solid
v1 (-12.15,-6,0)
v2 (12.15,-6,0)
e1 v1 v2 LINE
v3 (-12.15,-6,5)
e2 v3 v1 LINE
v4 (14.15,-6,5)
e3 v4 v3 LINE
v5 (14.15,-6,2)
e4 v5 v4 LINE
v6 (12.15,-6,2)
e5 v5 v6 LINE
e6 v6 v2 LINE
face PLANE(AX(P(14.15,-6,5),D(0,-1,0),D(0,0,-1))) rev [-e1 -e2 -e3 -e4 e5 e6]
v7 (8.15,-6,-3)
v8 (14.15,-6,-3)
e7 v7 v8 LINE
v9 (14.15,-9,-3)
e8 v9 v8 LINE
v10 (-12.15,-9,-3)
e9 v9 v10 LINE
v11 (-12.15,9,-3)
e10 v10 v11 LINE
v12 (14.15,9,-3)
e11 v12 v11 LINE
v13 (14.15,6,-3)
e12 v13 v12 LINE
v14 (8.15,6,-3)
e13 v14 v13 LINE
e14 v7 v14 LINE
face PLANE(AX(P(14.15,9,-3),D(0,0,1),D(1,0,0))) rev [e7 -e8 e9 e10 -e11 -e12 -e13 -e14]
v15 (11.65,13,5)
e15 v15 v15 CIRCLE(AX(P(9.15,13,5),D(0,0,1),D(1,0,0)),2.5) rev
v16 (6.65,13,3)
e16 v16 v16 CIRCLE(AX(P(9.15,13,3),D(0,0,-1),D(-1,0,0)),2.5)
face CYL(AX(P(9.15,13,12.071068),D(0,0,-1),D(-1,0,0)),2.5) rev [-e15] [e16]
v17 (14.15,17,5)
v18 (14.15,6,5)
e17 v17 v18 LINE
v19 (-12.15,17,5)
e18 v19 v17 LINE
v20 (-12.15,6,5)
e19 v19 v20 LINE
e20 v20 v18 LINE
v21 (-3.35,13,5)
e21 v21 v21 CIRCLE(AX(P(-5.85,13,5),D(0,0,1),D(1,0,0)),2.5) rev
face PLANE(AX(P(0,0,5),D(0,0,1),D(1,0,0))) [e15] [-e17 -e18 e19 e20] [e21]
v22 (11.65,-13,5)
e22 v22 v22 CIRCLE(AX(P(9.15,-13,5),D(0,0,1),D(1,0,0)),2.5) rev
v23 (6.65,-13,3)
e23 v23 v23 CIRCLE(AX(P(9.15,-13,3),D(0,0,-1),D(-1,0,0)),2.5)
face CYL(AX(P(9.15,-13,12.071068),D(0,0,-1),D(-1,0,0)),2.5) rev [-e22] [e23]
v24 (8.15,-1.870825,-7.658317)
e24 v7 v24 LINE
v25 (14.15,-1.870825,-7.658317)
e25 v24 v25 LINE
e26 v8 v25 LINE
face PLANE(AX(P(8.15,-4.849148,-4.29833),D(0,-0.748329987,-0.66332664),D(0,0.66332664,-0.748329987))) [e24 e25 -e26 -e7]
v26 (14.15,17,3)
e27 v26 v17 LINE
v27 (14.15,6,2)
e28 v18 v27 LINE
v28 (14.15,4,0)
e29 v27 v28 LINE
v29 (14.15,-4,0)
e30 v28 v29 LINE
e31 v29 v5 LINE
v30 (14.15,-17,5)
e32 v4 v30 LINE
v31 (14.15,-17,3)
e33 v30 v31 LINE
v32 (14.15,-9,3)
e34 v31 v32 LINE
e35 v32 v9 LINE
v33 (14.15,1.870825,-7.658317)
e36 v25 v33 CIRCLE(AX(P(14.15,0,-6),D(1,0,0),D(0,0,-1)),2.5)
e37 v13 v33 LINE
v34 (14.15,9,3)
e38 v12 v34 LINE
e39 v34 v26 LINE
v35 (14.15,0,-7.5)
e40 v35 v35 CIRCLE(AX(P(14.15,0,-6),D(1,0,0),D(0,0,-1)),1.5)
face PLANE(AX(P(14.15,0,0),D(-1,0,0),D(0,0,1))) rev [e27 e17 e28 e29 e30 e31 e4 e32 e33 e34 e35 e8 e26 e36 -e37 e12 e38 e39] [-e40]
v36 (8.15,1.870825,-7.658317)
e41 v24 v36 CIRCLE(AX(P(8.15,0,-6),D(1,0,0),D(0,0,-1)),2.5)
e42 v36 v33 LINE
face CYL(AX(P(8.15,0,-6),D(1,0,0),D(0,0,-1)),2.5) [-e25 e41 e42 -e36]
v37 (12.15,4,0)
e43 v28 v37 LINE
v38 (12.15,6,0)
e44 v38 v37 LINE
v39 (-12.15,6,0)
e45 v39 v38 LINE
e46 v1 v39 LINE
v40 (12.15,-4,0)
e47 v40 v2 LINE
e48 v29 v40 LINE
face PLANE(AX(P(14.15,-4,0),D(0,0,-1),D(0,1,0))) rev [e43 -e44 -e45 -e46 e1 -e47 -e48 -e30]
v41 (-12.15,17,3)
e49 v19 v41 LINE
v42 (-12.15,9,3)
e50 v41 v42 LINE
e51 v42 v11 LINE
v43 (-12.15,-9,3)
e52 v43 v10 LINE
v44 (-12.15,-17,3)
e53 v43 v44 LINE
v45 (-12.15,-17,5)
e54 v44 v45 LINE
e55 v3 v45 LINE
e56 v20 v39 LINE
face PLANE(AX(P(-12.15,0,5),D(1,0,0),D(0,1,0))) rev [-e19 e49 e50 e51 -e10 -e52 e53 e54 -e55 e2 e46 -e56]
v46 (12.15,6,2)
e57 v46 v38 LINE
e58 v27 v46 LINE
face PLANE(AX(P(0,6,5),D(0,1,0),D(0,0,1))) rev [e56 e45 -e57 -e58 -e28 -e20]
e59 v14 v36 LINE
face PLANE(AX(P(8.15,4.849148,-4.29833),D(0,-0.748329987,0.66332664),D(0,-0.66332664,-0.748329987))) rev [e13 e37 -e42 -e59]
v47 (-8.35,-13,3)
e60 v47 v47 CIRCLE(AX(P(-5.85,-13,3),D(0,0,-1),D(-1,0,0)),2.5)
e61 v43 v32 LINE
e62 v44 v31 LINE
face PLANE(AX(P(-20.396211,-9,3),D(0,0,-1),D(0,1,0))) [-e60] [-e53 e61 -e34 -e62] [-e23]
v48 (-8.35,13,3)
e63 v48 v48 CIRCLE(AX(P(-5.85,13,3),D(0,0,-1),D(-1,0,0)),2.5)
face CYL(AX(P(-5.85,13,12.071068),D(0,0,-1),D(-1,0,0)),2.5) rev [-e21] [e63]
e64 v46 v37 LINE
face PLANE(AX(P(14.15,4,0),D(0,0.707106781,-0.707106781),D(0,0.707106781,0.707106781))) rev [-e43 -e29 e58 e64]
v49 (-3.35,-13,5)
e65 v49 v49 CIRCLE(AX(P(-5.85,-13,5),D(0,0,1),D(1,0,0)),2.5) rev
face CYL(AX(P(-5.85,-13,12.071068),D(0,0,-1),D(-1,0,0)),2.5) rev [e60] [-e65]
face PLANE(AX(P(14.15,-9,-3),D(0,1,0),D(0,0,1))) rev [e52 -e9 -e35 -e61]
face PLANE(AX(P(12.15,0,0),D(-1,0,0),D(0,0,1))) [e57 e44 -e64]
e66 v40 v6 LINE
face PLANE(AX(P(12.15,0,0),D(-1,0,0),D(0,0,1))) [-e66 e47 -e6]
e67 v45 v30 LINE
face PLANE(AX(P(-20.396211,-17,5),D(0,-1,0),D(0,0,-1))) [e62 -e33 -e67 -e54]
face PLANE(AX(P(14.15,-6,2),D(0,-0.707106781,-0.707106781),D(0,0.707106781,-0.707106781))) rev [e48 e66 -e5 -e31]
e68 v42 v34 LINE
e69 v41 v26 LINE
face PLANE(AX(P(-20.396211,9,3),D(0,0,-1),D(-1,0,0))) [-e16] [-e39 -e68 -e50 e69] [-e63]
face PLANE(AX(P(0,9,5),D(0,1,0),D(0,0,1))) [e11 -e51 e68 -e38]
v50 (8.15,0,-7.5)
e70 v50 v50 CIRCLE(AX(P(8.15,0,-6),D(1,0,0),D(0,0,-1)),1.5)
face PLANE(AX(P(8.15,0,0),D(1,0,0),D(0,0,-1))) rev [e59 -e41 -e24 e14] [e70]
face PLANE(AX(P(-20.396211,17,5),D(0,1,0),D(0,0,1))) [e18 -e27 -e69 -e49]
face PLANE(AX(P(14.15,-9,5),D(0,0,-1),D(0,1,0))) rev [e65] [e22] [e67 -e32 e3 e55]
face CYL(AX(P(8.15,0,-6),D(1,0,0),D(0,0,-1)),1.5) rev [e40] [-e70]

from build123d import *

# Parameters (mm, degrees)
SKETCH_1_W          = 24.3
SKETCH_1_H          = 3
EXTRUDE_1_DEPTH     = 5
EXTRUDE_1_2_DEPTH   = 5
SKETCH_2_W          = 24.3
SKETCH_2_H          = 18
EXTRUDE_2_DEPTH     = 3
EXTRUDE_3_DEPTH     = 2
EXTRUDE_5_DEPTH     = 6
SKETCH_7_W          = 2
SKETCH_7_H          = 8
EXTRUDE_6_DEPTH     = 26.3
SKETCH_8_R          = 2.5
CUT_EXTRUDE_2_DEPTH = 2


with BuildPart() as part:
    # Эскиз1 → Бобышка-Вытянуть1 (new body)
    with BuildSketch(Plane.XY):
        with Locations((0, 7.5)):
            Rectangle(SKETCH_1_W, SKETCH_1_H)
    extrude(amount=EXTRUDE_1_DEPTH)



with BuildPart() as body_2:
    # Эскиз1 → Extrude 1 2 (new body)
    with BuildSketch(Plane.XY):
        with Locations((0, -7.5)):
            Rectangle(SKETCH_1_W, SKETCH_1_H)
    extrude(amount=EXTRUDE_1_2_DEPTH)


with BuildPart() as body_3:
    # Эскиз2 → Бобышка-Вытянуть2 (new body)
    with BuildSketch(Plane(origin=(0, 0, 0), x_dir=(-1, 0, 0), z_dir=(0, 0, -1))):
        Rectangle(SKETCH_2_W, SKETCH_2_H)
    extrude(amount=EXTRUDE_2_DEPTH)


with BuildPart() as part_1:
    add(part.part)

    add(body_2.part)  # Бобышка-Вытянуть3 merges body 2

    add(body_3.part)  # Бобышка-Вытянуть3 merges body 3
    # Эскиз3 → Бобышка-Вытянуть3 (add)
    with BuildSketch(Plane(origin=(12.15, 0, 0), x_dir=(0, 0, -1), z_dir=(1, 0, 0))):
        Polygon((-5, 6), (-5, 9), (3, 9), (3, -9), (-5, -9), (-5, -6), (-2, -6), (0, -4), (0, 4), (-2, 6), align=None)
    extrude(amount=EXTRUDE_3_DEPTH)

    # Эскиз6 → Бобышка-Вытянуть5 (add)
    with BuildSketch(Plane(origin=(14.15, 0, 0), x_dir=(0, 0, -1), z_dir=(1, 0, 0))):
        with BuildLine():
            Line((7.6583166, 1.870824966), (3, 6))
            Line((3, 6), (3, 0))
            Line((3, 0), (3.5, 0))
            ThreePointArc((3.5, 0), (4.974278668, 2.279889416), (7.6583166, 1.870824966))
        make_face()
        with BuildLine():
            ThreePointArc((8.5, 0), (8.279889416, 1.025721332), (7.6583166, 1.870824966))
            ThreePointArc((7.6583166, 1.870824966), (4.974278668, 2.279889416), (3.5, 0))
            Line((3.5, 0), (4.5, 0))
            ThreePointArc((4.5, 0), (6, 1.5), (7.5, 0))
            Line((7.5, 0), (8.5, 0))
        make_face()
        with BuildLine():
            ThreePointArc((7.6583166, -1.870824966), (8.279889416, -1.025721332), (8.5, 0))
            Line((8.5, 0), (7.5, 0))
            ThreePointArc((7.5, 0), (6, -1.5), (4.5, 0))
            Line((4.5, 0), (3.5, 0))
            ThreePointArc((3.5, 0), (4.974278668, -2.279889416), (7.6583166, -1.870824966))
        make_face()
        with BuildLine():
            Line((3.5, 0), (3, 0))
            Line((3, 0), (3, -6))
            Line((3, -6), (7.6583166, -1.870824966))
            ThreePointArc((7.6583166, -1.870824966), (4.974278668, -2.279889416), (3.5, 0))
        make_face()
    extrude(amount=-EXTRUDE_5_DEPTH)

    # Эскиз7 → Бобышка-Вытянуть6 (add)
    with BuildSketch(Plane(origin=(14.15, 0, 0), x_dir=(0, 0, -1), z_dir=(1, 0, 0))):
        with Locations((-4, 13)):
            Rectangle(SKETCH_7_W, SKETCH_7_H)
        with Locations((-4, -13)):
            Rectangle(SKETCH_7_W, SKETCH_7_H)
    extrude(amount=-EXTRUDE_6_DEPTH)

    # Эскиз8 → Вырез-Вытянуть2 (cut)
    with BuildSketch(Plane(origin=(0, 0, 3), x_dir=(-1, 0, 0), z_dir=(0, 0, -1))):
        with Locations((5.85, -13)):
            Circle(SKETCH_8_R)
        with Locations((-9.15, -13)):
            Circle(SKETCH_8_R)
        with Locations((-9.15, 13)):
            Circle(SKETCH_8_R)
        with Locations((5.85, 13)):
            Circle(SKETCH_8_R)
    extrude(amount=-CUT_EXTRUDE_2_DEPTH, mode=Mode.SUBTRACT)


solid = part_1.part
